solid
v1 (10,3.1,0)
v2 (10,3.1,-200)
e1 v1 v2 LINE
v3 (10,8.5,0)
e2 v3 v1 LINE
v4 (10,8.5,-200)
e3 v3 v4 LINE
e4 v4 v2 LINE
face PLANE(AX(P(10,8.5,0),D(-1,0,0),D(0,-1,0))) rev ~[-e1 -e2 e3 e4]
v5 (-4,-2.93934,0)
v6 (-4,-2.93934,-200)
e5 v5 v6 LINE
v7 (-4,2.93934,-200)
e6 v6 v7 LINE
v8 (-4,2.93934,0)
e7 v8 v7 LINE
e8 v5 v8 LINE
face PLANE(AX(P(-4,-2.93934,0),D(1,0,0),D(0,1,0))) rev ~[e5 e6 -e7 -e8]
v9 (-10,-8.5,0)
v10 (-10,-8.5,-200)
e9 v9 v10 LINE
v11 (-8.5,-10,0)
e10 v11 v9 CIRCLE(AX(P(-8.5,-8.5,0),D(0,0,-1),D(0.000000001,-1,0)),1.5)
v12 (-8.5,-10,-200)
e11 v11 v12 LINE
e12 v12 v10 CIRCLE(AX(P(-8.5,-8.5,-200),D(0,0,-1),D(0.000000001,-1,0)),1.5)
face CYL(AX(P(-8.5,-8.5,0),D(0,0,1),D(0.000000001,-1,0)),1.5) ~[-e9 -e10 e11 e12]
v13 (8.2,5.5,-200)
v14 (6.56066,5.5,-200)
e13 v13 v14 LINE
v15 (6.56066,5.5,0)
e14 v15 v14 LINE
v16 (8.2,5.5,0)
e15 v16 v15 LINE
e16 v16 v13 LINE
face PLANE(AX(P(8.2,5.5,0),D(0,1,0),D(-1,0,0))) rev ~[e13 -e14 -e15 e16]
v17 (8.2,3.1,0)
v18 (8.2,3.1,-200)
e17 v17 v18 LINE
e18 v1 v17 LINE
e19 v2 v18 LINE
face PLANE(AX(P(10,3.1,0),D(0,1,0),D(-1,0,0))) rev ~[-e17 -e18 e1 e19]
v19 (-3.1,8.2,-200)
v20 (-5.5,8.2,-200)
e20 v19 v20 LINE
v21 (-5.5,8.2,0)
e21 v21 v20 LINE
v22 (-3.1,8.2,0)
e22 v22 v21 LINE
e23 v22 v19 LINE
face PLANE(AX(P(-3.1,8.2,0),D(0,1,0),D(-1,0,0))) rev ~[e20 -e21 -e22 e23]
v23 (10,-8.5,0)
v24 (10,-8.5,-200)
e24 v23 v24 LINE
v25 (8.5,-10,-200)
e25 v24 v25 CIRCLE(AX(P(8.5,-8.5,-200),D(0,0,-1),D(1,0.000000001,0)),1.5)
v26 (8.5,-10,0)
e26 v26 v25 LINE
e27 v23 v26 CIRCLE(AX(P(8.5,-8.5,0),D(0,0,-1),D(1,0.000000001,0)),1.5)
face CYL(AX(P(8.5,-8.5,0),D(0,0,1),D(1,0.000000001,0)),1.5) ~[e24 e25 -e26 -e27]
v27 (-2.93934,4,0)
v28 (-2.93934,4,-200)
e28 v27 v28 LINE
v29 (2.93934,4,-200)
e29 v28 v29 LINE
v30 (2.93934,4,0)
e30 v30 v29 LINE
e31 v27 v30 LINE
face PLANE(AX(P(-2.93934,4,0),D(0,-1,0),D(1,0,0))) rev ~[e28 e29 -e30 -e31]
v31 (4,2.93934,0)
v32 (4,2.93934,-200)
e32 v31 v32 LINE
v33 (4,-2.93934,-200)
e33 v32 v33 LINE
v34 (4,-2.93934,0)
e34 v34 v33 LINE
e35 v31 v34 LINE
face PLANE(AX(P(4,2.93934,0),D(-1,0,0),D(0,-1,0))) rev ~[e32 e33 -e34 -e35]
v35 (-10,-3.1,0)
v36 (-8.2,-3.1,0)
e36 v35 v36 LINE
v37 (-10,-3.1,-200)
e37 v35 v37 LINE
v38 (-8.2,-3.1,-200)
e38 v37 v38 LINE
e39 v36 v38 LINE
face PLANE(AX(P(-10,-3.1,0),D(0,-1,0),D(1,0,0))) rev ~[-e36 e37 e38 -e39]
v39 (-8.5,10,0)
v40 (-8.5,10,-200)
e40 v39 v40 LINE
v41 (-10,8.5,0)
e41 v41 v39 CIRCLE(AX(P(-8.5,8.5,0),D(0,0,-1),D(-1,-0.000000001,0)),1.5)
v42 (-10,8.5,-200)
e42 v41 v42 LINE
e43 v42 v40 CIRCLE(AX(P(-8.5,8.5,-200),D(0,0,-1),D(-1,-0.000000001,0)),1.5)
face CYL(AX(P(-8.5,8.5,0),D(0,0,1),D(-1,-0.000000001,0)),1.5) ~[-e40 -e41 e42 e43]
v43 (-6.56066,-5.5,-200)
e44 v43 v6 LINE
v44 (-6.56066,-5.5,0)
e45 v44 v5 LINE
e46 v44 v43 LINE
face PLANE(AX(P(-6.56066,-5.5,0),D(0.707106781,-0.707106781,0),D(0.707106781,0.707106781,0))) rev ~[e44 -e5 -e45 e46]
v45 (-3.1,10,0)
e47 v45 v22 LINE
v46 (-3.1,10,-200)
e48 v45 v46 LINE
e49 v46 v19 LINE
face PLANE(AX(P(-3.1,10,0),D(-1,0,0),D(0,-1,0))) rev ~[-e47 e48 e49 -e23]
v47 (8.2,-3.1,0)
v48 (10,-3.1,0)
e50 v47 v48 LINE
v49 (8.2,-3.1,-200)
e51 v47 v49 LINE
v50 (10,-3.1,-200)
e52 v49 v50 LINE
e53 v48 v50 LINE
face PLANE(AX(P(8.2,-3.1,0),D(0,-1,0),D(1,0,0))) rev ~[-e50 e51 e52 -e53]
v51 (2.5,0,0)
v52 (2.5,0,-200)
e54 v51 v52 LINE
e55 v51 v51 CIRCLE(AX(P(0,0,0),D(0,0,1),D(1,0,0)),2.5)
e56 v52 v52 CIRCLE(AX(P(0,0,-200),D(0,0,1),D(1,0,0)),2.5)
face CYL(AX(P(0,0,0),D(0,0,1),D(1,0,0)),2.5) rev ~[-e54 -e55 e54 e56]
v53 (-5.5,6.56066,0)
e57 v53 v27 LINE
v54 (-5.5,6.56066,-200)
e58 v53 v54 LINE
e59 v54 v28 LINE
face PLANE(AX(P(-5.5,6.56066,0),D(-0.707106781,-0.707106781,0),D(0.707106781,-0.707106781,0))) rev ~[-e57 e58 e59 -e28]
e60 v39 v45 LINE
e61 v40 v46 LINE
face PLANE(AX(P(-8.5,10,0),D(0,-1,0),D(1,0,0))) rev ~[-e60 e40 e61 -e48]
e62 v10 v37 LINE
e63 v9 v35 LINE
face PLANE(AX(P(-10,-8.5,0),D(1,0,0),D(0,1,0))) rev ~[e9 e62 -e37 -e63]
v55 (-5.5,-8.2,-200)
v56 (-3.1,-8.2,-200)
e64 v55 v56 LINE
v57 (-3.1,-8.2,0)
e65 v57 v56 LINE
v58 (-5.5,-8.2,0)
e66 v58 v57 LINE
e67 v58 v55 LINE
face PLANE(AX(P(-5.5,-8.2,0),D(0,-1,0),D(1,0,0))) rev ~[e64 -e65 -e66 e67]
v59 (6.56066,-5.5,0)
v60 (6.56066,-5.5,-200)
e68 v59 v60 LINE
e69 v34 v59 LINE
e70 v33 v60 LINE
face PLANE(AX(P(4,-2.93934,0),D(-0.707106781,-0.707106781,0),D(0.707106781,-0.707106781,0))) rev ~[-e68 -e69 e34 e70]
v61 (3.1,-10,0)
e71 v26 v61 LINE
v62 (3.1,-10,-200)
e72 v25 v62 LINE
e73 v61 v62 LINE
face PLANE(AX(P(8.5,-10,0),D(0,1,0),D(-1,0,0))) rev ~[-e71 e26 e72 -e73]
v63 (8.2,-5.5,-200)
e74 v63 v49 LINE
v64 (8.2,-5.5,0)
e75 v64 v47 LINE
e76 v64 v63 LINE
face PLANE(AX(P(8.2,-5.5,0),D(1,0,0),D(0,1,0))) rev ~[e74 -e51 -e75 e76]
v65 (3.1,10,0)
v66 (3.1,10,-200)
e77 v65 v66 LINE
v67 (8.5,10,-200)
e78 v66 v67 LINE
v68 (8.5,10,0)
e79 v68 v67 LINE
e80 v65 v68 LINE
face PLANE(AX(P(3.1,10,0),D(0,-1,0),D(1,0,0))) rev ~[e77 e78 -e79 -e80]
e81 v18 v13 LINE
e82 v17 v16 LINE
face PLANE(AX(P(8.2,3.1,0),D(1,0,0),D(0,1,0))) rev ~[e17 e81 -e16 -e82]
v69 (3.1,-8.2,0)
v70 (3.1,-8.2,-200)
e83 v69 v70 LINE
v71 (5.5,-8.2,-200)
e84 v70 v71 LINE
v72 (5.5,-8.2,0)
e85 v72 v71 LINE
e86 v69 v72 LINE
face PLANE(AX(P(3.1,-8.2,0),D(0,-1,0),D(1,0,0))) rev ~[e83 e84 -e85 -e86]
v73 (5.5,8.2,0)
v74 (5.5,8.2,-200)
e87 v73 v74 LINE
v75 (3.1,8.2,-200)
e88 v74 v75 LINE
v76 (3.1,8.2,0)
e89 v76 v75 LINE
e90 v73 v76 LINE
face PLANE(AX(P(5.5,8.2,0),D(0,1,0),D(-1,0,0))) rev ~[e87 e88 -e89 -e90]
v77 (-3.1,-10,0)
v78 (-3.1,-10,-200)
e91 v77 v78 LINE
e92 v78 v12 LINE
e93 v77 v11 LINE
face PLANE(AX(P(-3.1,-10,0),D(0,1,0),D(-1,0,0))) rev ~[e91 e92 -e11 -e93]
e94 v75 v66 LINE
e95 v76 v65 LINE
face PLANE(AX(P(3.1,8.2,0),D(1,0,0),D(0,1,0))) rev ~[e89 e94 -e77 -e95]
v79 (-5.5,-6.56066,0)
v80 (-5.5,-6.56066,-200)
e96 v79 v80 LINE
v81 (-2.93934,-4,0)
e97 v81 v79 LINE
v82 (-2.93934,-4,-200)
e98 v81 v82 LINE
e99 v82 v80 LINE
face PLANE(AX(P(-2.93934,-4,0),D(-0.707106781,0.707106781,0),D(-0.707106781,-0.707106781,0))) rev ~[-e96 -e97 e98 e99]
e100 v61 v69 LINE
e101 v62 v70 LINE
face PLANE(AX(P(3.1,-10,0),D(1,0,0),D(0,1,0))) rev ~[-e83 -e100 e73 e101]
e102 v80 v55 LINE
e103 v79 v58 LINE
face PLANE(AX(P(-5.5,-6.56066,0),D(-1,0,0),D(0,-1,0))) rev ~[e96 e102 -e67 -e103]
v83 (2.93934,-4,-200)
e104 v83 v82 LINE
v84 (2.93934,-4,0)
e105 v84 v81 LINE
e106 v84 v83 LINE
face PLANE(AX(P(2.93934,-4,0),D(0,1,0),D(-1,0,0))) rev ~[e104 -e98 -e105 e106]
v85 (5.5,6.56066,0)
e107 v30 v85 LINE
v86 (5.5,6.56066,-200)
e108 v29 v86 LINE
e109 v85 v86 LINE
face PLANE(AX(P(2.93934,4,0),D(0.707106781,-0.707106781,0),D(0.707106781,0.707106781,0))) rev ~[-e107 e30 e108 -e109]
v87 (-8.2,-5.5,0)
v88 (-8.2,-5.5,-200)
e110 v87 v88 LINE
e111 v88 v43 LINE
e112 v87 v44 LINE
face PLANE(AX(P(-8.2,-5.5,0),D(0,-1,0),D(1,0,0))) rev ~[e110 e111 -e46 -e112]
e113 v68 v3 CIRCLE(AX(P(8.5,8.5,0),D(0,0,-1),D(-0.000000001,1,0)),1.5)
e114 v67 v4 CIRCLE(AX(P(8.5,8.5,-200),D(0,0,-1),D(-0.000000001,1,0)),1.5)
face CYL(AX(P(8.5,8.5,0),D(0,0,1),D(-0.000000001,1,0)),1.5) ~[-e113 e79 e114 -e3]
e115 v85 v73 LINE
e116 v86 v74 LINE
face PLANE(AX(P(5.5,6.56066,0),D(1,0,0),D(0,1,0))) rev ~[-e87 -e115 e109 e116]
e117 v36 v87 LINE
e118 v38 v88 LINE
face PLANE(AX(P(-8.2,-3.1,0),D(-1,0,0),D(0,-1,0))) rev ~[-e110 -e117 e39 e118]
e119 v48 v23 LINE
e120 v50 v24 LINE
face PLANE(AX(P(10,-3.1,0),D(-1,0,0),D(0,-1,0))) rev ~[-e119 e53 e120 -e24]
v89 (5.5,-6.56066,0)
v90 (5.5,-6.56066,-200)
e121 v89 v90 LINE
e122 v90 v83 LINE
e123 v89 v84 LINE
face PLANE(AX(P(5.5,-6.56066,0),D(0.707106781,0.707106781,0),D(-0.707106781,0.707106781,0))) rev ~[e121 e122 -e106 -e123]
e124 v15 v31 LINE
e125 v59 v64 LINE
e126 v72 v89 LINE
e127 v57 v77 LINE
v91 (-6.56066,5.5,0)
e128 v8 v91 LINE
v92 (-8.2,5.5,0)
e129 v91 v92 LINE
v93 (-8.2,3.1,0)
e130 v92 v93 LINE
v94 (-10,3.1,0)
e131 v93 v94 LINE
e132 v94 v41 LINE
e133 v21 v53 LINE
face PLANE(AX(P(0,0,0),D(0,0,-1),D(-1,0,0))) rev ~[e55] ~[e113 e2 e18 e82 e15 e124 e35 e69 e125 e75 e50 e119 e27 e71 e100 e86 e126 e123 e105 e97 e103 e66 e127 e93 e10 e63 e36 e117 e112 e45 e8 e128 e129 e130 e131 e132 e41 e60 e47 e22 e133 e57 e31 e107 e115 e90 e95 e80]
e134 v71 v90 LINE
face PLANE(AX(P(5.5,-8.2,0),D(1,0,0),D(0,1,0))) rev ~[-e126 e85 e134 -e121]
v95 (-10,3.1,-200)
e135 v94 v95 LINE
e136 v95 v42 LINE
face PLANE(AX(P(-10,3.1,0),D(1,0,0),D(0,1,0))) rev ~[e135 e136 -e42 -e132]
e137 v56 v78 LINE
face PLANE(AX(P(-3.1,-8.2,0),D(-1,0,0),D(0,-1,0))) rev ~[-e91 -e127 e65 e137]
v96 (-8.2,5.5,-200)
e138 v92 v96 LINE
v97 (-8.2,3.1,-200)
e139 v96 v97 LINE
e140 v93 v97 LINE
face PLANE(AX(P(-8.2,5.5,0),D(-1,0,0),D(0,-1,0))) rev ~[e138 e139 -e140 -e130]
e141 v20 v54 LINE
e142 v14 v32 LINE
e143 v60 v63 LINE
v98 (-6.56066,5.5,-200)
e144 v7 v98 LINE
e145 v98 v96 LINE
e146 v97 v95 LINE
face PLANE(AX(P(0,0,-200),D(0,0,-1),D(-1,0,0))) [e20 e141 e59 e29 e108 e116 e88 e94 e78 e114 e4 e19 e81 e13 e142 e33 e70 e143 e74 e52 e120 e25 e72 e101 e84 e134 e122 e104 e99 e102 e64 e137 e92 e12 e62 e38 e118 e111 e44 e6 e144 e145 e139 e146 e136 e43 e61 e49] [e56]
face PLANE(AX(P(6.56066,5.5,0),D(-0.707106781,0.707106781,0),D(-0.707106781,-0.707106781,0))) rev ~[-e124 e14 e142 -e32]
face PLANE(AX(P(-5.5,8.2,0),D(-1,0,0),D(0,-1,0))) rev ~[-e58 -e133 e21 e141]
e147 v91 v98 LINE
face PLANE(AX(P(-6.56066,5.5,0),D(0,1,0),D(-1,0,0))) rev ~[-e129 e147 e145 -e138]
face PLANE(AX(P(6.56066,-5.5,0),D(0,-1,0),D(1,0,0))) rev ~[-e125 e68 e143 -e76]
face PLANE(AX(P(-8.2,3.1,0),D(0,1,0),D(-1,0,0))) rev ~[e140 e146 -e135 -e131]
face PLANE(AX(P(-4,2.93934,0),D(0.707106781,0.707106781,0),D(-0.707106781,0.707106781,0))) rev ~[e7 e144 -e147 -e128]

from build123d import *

# Parameters (mm, degrees)
SKETCH_1_R      = 2.5
EXTRUDE_2_DEPTH = 200


with BuildPart() as part:
    # 草图1 → 凸台-拉伸2 (new body)
    with BuildSketch(Plane.XY):
        with BuildLine():
            Line((5.5, -8.2), (5.5, -6.560660172))
            Line((5.5, -6.560660172), (2.939339828, -4))
            Line((2.939339828, -4), (-2.939339828, -4))
            Line((-2.939339828, -4), (-5.5, -6.560660172))
            Line((-5.5, -6.560660172), (-5.5, -8.2))
            Line((-5.5, -8.2), (-3.1, -8.2))
            Line((-3.1, -8.2), (-3.1, -10))
            Line((-3.1, -10), (-8.5, -10))
            ThreePointArc((-8.5, -10), (-9.560660172, -9.560660172), (-10, -8.5))
            Line((-10, -8.5), (-10, -3.1))
            Line((-10, -3.1), (-8.2, -3.1))
            Line((-8.2, -3.1), (-8.2, -5.5))
            Line((-8.2, -5.5), (-6.560660172, -5.5))
            Line((-6.560660172, -5.5), (-4, -2.939339828))
            Line((-4, -2.939339828), (-4, 2.939339828))
            Line((-4, 2.939339828), (-6.560660172, 5.5))
            Line((-6.560660172, 5.5), (-8.2, 5.5))
            Line((-8.2, 5.5), (-8.2, 3.1))
            Line((-8.2, 3.1), (-10, 3.1))
            Line((-10, 3.1), (-10, 8.5))
            ThreePointArc((-10, 8.5), (-9.560660172, 9.560660172), (-8.5, 10))
            Line((-8.5, 10), (-3.1, 10))
            Line((-3.1, 10), (-3.1, 8.2))
            Line((-3.1, 8.2), (-5.5, 8.2))
            Line((-5.5, 8.2), (-5.5, 6.560660172))
            Line((-5.5, 6.560660172), (-2.939339828, 4))
            Line((-2.939339828, 4), (2.939339828, 4))
            Line((2.939339828, 4), (5.5, 6.560660172))
            Line((5.5, 6.560660172), (5.5, 8.2))
            Line((5.5, 8.2), (3.1, 8.2))
            Line((3.1, 8.2), (3.1, 10))
            Line((3.1, 10), (8.5, 10))
            ThreePointArc((8.5, 10), (9.560660172, 9.560660172), (10, 8.5))
            Line((10, 8.5), (10, 3.1))
            Line((10, 3.1), (8.2, 3.1))
            Line((8.2, 3.1), (8.2, 5.5))
            Line((8.2, 5.5), (6.560660172, 5.5))
            Line((6.560660172, 5.5), (4, 2.939339828))
            Line((4, 2.939339828), (4, -2.939339828))
            Line((4, -2.939339828), (6.560660172, -5.5))
            Line((6.560660172, -5.5), (8.2, -5.5))
            Line((8.2, -5.5), (8.2, -3.1))
            Line((8.2, -3.1), (10, -3.1))
            Line((10, -3.1), (10, -8.5))
            ThreePointArc((10, -8.5), (9.560660172, -9.560660172), (8.5, -10))
            Line((8.5, -10), (3.1, -10))
            Line((3.1, -10), (3.1, -8.2))
            Line((3.1, -8.2), (5.5, -8.2))
        make_face()
        Circle(SKETCH_1_R, mode=Mode.SUBTRACT)
    extrude(amount=-EXTRUDE_2_DEPTH)


solid = part.part
